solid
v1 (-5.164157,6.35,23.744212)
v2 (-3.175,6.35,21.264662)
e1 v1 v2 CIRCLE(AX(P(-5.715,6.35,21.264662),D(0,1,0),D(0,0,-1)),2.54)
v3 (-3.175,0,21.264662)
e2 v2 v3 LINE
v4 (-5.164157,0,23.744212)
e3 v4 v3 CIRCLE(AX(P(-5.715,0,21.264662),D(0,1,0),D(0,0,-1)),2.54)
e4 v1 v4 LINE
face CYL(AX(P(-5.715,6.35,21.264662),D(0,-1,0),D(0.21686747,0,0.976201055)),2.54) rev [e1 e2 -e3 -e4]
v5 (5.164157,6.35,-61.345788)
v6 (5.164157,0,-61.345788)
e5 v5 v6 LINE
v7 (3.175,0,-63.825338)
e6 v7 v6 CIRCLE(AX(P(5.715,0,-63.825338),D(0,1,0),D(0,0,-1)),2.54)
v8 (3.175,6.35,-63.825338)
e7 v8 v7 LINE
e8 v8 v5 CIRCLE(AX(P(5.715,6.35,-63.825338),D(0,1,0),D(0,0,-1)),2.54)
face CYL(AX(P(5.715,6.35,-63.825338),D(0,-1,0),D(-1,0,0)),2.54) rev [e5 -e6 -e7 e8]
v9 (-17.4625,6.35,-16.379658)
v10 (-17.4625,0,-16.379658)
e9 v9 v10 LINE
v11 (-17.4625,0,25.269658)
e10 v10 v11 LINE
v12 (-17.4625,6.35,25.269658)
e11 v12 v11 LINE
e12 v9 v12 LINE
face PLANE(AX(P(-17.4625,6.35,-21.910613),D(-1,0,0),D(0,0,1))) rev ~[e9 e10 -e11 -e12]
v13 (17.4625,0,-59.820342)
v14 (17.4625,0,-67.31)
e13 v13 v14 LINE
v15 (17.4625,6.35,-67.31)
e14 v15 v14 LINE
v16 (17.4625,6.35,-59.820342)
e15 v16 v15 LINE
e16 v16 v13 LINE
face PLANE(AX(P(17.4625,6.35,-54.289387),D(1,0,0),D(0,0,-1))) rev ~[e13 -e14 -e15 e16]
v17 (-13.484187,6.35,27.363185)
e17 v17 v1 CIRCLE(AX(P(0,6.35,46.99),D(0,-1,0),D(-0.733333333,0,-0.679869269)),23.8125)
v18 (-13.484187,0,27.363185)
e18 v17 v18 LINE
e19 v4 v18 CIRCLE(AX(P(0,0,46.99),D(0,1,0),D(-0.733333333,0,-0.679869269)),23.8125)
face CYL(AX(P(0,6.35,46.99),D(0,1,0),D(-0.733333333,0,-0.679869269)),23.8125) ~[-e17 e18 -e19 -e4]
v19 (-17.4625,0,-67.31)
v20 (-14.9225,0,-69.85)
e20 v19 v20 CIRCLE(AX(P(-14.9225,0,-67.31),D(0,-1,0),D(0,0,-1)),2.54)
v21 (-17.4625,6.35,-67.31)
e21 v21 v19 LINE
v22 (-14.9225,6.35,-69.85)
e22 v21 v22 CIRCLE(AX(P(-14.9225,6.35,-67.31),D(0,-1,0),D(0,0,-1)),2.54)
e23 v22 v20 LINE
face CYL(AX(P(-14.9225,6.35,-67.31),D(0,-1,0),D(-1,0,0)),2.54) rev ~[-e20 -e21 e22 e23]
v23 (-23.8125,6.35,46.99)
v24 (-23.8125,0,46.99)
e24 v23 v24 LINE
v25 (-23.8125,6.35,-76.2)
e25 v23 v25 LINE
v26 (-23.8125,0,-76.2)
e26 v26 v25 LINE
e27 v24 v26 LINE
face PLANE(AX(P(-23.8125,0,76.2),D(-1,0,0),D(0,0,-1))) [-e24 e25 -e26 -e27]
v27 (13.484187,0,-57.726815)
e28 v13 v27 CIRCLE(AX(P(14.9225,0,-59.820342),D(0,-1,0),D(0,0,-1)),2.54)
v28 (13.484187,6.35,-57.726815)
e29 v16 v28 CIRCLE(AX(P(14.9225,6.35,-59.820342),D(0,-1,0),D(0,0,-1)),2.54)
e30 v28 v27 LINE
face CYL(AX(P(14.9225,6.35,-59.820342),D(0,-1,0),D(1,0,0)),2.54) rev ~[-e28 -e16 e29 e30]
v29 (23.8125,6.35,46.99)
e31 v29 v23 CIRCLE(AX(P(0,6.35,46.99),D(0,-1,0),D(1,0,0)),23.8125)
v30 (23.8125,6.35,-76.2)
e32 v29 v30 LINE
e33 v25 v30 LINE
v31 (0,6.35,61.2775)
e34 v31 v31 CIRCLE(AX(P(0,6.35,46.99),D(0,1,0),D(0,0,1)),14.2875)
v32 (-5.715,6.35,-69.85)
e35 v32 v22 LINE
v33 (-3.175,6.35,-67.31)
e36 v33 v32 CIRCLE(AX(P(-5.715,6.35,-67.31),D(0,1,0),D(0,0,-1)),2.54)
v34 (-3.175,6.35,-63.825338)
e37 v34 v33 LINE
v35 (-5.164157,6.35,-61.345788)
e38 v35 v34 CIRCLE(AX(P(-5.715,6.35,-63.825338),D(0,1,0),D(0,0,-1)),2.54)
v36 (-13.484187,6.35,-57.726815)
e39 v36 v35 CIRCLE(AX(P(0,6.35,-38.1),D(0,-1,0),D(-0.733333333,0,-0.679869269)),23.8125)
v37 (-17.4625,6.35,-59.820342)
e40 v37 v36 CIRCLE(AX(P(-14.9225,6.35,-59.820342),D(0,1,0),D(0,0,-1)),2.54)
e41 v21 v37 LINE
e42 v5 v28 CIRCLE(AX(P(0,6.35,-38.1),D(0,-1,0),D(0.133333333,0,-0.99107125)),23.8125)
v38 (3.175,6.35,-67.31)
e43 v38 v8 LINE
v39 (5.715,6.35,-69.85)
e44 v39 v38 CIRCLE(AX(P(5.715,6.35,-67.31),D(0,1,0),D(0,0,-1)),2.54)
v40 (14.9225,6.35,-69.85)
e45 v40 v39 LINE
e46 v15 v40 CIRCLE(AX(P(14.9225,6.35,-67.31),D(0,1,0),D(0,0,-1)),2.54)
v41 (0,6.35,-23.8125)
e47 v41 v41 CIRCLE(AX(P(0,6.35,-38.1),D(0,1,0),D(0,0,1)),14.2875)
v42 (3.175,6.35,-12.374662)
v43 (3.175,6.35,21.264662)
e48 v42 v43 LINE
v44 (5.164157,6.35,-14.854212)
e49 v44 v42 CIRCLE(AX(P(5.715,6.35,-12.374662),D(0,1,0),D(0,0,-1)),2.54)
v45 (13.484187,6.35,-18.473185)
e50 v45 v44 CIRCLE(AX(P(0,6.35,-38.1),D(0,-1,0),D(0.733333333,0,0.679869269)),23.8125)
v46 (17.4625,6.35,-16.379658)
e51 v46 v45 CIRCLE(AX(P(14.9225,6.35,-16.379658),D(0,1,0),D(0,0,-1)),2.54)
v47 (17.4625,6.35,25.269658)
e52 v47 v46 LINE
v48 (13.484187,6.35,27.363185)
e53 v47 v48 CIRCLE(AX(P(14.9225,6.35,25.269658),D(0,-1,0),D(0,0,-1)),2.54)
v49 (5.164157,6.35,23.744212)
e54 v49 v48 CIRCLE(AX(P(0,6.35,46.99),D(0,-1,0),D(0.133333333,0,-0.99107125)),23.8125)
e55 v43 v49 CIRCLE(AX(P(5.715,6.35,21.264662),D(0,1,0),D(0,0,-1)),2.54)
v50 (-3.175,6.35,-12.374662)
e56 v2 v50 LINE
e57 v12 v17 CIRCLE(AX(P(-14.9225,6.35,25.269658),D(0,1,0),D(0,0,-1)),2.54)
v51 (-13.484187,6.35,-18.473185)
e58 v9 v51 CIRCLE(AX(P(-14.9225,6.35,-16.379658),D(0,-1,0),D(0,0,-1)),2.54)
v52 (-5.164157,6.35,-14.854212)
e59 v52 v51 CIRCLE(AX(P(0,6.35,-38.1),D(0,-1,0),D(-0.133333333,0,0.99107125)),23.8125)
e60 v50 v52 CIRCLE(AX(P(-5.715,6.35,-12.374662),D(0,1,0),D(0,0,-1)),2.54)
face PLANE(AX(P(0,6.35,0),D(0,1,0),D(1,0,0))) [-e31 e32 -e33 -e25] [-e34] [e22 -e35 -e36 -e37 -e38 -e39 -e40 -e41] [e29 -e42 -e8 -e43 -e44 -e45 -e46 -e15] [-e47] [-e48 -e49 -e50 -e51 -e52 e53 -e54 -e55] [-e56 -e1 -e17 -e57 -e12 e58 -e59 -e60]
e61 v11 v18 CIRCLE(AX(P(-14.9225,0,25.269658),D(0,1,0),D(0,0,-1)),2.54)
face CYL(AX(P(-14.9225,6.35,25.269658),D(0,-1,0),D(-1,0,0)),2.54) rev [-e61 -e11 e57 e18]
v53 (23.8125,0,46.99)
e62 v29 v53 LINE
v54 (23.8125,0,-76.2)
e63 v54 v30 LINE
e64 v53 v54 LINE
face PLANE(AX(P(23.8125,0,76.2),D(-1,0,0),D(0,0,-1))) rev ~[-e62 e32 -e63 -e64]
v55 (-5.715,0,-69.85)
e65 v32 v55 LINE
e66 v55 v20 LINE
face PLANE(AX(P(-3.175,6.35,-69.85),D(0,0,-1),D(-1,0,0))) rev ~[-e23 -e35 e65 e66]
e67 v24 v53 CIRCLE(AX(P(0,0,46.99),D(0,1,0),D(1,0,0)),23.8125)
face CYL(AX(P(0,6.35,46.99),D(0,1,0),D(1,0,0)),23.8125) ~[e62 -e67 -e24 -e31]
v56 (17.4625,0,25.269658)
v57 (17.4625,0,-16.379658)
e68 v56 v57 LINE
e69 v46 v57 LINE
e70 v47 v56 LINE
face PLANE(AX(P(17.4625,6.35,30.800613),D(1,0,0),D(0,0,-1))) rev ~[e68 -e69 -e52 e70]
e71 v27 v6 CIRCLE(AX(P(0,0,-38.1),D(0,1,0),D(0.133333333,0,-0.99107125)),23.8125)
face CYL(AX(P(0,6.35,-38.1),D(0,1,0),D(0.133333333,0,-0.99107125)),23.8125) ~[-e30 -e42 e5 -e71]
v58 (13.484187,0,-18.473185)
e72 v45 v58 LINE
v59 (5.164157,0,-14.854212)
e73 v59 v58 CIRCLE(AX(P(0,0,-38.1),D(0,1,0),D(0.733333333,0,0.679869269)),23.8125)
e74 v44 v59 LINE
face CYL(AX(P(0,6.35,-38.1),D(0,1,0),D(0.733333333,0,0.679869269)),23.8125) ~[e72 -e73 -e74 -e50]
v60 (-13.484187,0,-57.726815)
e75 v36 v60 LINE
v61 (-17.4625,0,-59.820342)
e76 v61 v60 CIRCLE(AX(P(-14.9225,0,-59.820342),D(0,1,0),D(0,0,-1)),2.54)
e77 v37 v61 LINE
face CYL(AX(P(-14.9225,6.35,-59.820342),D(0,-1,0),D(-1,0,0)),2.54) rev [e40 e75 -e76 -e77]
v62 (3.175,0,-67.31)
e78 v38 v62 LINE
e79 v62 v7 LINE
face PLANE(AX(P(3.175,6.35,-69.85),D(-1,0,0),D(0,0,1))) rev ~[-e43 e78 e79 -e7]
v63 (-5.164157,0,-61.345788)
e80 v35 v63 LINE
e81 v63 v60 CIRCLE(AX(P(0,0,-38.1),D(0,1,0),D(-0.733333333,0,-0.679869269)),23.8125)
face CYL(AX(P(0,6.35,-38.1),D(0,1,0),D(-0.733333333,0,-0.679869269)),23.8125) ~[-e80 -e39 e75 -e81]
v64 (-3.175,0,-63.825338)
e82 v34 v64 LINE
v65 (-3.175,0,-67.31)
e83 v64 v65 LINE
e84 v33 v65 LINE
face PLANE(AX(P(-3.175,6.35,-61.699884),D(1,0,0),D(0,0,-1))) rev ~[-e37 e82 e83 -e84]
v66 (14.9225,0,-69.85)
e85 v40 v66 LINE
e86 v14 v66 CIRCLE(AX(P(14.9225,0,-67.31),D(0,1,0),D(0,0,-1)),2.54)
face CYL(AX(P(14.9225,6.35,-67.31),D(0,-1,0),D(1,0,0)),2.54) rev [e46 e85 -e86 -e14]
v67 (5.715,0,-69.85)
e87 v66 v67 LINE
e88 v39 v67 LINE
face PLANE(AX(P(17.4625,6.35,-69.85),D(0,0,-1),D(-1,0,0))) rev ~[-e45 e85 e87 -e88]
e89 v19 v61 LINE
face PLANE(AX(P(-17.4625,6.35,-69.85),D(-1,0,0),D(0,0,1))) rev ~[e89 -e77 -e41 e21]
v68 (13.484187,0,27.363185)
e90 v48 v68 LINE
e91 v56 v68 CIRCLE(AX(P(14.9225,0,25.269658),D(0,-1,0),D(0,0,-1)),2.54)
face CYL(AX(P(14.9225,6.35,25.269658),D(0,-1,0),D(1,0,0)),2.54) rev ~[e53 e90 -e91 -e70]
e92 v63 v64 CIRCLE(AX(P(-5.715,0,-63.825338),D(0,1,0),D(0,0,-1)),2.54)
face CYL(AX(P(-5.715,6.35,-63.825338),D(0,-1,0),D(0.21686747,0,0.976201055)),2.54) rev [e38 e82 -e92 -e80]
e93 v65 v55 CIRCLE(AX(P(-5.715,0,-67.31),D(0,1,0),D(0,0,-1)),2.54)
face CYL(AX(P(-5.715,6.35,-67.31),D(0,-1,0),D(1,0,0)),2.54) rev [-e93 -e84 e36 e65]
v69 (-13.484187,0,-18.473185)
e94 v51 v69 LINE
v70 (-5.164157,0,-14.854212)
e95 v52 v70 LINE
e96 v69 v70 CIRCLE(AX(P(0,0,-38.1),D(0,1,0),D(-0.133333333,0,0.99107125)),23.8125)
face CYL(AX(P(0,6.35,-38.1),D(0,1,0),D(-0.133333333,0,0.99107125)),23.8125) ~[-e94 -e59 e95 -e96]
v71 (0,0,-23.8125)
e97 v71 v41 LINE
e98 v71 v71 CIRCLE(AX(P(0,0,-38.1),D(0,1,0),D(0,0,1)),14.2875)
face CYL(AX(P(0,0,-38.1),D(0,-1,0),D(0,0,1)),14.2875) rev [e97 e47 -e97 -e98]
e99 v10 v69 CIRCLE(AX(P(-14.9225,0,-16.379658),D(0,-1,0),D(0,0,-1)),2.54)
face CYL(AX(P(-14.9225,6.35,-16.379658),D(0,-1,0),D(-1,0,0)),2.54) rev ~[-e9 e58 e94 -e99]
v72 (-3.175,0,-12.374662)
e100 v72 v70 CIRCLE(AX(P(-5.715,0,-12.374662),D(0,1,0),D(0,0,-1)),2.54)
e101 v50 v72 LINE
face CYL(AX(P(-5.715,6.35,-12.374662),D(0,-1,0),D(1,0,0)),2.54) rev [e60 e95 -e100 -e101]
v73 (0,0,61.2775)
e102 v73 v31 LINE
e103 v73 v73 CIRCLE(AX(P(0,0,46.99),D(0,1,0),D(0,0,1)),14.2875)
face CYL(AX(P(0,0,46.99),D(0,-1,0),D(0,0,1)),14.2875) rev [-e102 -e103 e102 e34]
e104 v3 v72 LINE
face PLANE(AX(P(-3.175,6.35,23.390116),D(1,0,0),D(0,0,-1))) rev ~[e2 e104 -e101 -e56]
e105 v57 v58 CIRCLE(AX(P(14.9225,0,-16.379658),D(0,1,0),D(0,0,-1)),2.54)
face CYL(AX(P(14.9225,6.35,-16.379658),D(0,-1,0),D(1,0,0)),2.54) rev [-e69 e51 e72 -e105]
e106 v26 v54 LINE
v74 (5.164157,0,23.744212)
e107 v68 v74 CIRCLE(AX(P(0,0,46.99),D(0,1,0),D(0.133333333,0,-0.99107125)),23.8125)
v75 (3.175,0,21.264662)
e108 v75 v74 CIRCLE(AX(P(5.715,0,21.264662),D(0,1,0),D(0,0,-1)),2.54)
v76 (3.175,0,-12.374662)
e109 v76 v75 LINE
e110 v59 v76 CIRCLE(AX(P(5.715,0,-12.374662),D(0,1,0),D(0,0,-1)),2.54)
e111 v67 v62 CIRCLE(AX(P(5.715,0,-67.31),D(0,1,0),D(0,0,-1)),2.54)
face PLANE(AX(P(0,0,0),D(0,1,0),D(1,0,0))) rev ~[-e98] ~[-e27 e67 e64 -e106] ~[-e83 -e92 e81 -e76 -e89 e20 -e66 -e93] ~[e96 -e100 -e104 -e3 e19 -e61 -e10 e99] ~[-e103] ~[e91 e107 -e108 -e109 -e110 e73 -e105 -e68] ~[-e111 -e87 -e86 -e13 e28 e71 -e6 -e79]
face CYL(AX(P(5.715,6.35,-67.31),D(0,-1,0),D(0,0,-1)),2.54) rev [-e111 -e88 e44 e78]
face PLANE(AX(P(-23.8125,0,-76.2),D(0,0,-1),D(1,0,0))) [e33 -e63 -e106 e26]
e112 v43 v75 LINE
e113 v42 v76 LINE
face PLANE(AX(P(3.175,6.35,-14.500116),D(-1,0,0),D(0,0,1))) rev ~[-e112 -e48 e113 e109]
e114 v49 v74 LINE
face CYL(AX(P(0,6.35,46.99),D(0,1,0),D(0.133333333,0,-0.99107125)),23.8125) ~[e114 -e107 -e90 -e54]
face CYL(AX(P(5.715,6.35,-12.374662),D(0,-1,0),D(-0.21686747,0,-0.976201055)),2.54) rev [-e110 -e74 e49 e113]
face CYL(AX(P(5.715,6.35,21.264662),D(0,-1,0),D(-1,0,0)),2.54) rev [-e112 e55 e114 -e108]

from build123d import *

# Parameters (mm, degrees)
SKETCH1_W           = 47.625
SKETCH1_H           = 152.4
SKETCH1_R           = 14.2875
BOSS_EXTRUDE1_DEPTH = 6.35
CUT_EXTRUDE1_DEPTH  = 81.086188923
FILLET1_R           = 2.54


with BuildPart() as part:
    # Sketch1 → Boss-Extrude1 (new body)
    with BuildSketch(Plane(origin=(0, 0, 0), x_dir=(1, 0, 0), z_dir=(0, 1, 0))):
        Rectangle(SKETCH1_W, SKETCH1_H)
        with Locations(Location((0, 38.1, 0), (0, 0, 270))):
            Circle(SKETCH1_R, mode=Mode.SUBTRACT)
        with Locations(Location((0, -46.99, 0), (0, 0, 270))):
            Circle(SKETCH1_R, mode=Mode.SUBTRACT)
    extrude(amount=BOSS_EXTRUDE1_DEPTH)

    # Sketch2 → Cut-Extrude1 (cut, through all)
    with BuildSketch(Plane(origin=(0, 6.35, 0), x_dir=(1, 0, 0), z_dir=(0, 1, 0))):
        with BuildLine():
            ThreePointArc((23.8125, -46.99), (0, -70.8025), (-23.8125, -46.99))
            Line((-23.8125, -46.99), (-23.8125, -76.2))
            Line((-23.8125, -76.2), (23.8125, -76.2))
            Line((23.8125, -76.2), (23.8125, -46.99))
        make_face()
        with BuildLine():
            Line((-17.4625, 69.85), (-17.4625, 54.289386956))
            ThreePointArc((-17.4625, 54.289386956), (-10.963825458, 59.238346377), (-3.175, 61.699884136))
            Line((-3.175, 61.699884136), (-3.175, 69.85))
            Line((-3.175, 69.85), (-17.4625, 69.85))
        make_face()
        with BuildLine():
            ThreePointArc((-3.175, 14.500115864), (-10.963825458, 16.961653623), (-17.4625, 21.910613044))
            Line((-17.4625, 21.910613044), (-17.4625, -30.800613044))
            ThreePointArc((-17.4625, -30.800613044), (-10.963825458, -25.851653623), (-3.175, -23.390115864))
            Line((-3.175, -23.390115864), (-3.175, 14.500115864))
        make_face()
        with BuildLine():
            ThreePointArc((3.175, 61.699884136), (10.963825458, 59.238346377), (17.4625, 54.289386956))
            Line((17.4625, 54.289386956), (17.4625, 69.85))
            Line((17.4625, 69.85), (3.175, 69.85))
            Line((3.175, 69.85), (3.175, 61.699884136))
        make_face()
        with BuildLine():
            Line((17.4625, -30.800613044), (17.4625, 21.910613044))
            ThreePointArc((17.4625, 21.910613044), (10.963825458, 16.961653623), (3.175, 14.500115864))
            Line((3.175, 14.500115864), (3.175, -23.390115864))
            ThreePointArc((3.175, -23.390115864), (10.963825458, -25.851653623), (17.4625, -30.800613044))
        make_face()
    extrude(amount=-CUT_EXTRUDE1_DEPTH, mode=Mode.SUBTRACT)

    # Fillet1
    fillet1_edges = [part.edges().sort_by_distance(p)[0] for p in [
        (17.4625, 3.175, 30.800613044),
        (3.175, 3.175, 23.390115864),
        (3.175, 3.175, -14.500115864),
        (17.4625, 3.175, -21.910613044),
        (-3.175, 3.175, 23.390115864),
        (-17.4625, 3.175, 30.800613044),
        (-17.4625, 3.175, -21.910613044),
        (-3.175, 3.175, -14.500115864),
        (-3.175, 3.175, -61.699884136),
        (-17.4625, 3.175, -54.289386956),
        (-17.4625, 3.175, -69.85),
        (-3.175, 3.175, -69.85),
        (17.4625, 3.175, -54.289386956),
        (3.175, 3.175, -61.699884136),
        (3.175, 3.175, -69.85),
        (17.4625, 3.175, -69.85),
    ]]
    fillet(fillet1_edges, radius=FILLET1_R)


solid = part.part
